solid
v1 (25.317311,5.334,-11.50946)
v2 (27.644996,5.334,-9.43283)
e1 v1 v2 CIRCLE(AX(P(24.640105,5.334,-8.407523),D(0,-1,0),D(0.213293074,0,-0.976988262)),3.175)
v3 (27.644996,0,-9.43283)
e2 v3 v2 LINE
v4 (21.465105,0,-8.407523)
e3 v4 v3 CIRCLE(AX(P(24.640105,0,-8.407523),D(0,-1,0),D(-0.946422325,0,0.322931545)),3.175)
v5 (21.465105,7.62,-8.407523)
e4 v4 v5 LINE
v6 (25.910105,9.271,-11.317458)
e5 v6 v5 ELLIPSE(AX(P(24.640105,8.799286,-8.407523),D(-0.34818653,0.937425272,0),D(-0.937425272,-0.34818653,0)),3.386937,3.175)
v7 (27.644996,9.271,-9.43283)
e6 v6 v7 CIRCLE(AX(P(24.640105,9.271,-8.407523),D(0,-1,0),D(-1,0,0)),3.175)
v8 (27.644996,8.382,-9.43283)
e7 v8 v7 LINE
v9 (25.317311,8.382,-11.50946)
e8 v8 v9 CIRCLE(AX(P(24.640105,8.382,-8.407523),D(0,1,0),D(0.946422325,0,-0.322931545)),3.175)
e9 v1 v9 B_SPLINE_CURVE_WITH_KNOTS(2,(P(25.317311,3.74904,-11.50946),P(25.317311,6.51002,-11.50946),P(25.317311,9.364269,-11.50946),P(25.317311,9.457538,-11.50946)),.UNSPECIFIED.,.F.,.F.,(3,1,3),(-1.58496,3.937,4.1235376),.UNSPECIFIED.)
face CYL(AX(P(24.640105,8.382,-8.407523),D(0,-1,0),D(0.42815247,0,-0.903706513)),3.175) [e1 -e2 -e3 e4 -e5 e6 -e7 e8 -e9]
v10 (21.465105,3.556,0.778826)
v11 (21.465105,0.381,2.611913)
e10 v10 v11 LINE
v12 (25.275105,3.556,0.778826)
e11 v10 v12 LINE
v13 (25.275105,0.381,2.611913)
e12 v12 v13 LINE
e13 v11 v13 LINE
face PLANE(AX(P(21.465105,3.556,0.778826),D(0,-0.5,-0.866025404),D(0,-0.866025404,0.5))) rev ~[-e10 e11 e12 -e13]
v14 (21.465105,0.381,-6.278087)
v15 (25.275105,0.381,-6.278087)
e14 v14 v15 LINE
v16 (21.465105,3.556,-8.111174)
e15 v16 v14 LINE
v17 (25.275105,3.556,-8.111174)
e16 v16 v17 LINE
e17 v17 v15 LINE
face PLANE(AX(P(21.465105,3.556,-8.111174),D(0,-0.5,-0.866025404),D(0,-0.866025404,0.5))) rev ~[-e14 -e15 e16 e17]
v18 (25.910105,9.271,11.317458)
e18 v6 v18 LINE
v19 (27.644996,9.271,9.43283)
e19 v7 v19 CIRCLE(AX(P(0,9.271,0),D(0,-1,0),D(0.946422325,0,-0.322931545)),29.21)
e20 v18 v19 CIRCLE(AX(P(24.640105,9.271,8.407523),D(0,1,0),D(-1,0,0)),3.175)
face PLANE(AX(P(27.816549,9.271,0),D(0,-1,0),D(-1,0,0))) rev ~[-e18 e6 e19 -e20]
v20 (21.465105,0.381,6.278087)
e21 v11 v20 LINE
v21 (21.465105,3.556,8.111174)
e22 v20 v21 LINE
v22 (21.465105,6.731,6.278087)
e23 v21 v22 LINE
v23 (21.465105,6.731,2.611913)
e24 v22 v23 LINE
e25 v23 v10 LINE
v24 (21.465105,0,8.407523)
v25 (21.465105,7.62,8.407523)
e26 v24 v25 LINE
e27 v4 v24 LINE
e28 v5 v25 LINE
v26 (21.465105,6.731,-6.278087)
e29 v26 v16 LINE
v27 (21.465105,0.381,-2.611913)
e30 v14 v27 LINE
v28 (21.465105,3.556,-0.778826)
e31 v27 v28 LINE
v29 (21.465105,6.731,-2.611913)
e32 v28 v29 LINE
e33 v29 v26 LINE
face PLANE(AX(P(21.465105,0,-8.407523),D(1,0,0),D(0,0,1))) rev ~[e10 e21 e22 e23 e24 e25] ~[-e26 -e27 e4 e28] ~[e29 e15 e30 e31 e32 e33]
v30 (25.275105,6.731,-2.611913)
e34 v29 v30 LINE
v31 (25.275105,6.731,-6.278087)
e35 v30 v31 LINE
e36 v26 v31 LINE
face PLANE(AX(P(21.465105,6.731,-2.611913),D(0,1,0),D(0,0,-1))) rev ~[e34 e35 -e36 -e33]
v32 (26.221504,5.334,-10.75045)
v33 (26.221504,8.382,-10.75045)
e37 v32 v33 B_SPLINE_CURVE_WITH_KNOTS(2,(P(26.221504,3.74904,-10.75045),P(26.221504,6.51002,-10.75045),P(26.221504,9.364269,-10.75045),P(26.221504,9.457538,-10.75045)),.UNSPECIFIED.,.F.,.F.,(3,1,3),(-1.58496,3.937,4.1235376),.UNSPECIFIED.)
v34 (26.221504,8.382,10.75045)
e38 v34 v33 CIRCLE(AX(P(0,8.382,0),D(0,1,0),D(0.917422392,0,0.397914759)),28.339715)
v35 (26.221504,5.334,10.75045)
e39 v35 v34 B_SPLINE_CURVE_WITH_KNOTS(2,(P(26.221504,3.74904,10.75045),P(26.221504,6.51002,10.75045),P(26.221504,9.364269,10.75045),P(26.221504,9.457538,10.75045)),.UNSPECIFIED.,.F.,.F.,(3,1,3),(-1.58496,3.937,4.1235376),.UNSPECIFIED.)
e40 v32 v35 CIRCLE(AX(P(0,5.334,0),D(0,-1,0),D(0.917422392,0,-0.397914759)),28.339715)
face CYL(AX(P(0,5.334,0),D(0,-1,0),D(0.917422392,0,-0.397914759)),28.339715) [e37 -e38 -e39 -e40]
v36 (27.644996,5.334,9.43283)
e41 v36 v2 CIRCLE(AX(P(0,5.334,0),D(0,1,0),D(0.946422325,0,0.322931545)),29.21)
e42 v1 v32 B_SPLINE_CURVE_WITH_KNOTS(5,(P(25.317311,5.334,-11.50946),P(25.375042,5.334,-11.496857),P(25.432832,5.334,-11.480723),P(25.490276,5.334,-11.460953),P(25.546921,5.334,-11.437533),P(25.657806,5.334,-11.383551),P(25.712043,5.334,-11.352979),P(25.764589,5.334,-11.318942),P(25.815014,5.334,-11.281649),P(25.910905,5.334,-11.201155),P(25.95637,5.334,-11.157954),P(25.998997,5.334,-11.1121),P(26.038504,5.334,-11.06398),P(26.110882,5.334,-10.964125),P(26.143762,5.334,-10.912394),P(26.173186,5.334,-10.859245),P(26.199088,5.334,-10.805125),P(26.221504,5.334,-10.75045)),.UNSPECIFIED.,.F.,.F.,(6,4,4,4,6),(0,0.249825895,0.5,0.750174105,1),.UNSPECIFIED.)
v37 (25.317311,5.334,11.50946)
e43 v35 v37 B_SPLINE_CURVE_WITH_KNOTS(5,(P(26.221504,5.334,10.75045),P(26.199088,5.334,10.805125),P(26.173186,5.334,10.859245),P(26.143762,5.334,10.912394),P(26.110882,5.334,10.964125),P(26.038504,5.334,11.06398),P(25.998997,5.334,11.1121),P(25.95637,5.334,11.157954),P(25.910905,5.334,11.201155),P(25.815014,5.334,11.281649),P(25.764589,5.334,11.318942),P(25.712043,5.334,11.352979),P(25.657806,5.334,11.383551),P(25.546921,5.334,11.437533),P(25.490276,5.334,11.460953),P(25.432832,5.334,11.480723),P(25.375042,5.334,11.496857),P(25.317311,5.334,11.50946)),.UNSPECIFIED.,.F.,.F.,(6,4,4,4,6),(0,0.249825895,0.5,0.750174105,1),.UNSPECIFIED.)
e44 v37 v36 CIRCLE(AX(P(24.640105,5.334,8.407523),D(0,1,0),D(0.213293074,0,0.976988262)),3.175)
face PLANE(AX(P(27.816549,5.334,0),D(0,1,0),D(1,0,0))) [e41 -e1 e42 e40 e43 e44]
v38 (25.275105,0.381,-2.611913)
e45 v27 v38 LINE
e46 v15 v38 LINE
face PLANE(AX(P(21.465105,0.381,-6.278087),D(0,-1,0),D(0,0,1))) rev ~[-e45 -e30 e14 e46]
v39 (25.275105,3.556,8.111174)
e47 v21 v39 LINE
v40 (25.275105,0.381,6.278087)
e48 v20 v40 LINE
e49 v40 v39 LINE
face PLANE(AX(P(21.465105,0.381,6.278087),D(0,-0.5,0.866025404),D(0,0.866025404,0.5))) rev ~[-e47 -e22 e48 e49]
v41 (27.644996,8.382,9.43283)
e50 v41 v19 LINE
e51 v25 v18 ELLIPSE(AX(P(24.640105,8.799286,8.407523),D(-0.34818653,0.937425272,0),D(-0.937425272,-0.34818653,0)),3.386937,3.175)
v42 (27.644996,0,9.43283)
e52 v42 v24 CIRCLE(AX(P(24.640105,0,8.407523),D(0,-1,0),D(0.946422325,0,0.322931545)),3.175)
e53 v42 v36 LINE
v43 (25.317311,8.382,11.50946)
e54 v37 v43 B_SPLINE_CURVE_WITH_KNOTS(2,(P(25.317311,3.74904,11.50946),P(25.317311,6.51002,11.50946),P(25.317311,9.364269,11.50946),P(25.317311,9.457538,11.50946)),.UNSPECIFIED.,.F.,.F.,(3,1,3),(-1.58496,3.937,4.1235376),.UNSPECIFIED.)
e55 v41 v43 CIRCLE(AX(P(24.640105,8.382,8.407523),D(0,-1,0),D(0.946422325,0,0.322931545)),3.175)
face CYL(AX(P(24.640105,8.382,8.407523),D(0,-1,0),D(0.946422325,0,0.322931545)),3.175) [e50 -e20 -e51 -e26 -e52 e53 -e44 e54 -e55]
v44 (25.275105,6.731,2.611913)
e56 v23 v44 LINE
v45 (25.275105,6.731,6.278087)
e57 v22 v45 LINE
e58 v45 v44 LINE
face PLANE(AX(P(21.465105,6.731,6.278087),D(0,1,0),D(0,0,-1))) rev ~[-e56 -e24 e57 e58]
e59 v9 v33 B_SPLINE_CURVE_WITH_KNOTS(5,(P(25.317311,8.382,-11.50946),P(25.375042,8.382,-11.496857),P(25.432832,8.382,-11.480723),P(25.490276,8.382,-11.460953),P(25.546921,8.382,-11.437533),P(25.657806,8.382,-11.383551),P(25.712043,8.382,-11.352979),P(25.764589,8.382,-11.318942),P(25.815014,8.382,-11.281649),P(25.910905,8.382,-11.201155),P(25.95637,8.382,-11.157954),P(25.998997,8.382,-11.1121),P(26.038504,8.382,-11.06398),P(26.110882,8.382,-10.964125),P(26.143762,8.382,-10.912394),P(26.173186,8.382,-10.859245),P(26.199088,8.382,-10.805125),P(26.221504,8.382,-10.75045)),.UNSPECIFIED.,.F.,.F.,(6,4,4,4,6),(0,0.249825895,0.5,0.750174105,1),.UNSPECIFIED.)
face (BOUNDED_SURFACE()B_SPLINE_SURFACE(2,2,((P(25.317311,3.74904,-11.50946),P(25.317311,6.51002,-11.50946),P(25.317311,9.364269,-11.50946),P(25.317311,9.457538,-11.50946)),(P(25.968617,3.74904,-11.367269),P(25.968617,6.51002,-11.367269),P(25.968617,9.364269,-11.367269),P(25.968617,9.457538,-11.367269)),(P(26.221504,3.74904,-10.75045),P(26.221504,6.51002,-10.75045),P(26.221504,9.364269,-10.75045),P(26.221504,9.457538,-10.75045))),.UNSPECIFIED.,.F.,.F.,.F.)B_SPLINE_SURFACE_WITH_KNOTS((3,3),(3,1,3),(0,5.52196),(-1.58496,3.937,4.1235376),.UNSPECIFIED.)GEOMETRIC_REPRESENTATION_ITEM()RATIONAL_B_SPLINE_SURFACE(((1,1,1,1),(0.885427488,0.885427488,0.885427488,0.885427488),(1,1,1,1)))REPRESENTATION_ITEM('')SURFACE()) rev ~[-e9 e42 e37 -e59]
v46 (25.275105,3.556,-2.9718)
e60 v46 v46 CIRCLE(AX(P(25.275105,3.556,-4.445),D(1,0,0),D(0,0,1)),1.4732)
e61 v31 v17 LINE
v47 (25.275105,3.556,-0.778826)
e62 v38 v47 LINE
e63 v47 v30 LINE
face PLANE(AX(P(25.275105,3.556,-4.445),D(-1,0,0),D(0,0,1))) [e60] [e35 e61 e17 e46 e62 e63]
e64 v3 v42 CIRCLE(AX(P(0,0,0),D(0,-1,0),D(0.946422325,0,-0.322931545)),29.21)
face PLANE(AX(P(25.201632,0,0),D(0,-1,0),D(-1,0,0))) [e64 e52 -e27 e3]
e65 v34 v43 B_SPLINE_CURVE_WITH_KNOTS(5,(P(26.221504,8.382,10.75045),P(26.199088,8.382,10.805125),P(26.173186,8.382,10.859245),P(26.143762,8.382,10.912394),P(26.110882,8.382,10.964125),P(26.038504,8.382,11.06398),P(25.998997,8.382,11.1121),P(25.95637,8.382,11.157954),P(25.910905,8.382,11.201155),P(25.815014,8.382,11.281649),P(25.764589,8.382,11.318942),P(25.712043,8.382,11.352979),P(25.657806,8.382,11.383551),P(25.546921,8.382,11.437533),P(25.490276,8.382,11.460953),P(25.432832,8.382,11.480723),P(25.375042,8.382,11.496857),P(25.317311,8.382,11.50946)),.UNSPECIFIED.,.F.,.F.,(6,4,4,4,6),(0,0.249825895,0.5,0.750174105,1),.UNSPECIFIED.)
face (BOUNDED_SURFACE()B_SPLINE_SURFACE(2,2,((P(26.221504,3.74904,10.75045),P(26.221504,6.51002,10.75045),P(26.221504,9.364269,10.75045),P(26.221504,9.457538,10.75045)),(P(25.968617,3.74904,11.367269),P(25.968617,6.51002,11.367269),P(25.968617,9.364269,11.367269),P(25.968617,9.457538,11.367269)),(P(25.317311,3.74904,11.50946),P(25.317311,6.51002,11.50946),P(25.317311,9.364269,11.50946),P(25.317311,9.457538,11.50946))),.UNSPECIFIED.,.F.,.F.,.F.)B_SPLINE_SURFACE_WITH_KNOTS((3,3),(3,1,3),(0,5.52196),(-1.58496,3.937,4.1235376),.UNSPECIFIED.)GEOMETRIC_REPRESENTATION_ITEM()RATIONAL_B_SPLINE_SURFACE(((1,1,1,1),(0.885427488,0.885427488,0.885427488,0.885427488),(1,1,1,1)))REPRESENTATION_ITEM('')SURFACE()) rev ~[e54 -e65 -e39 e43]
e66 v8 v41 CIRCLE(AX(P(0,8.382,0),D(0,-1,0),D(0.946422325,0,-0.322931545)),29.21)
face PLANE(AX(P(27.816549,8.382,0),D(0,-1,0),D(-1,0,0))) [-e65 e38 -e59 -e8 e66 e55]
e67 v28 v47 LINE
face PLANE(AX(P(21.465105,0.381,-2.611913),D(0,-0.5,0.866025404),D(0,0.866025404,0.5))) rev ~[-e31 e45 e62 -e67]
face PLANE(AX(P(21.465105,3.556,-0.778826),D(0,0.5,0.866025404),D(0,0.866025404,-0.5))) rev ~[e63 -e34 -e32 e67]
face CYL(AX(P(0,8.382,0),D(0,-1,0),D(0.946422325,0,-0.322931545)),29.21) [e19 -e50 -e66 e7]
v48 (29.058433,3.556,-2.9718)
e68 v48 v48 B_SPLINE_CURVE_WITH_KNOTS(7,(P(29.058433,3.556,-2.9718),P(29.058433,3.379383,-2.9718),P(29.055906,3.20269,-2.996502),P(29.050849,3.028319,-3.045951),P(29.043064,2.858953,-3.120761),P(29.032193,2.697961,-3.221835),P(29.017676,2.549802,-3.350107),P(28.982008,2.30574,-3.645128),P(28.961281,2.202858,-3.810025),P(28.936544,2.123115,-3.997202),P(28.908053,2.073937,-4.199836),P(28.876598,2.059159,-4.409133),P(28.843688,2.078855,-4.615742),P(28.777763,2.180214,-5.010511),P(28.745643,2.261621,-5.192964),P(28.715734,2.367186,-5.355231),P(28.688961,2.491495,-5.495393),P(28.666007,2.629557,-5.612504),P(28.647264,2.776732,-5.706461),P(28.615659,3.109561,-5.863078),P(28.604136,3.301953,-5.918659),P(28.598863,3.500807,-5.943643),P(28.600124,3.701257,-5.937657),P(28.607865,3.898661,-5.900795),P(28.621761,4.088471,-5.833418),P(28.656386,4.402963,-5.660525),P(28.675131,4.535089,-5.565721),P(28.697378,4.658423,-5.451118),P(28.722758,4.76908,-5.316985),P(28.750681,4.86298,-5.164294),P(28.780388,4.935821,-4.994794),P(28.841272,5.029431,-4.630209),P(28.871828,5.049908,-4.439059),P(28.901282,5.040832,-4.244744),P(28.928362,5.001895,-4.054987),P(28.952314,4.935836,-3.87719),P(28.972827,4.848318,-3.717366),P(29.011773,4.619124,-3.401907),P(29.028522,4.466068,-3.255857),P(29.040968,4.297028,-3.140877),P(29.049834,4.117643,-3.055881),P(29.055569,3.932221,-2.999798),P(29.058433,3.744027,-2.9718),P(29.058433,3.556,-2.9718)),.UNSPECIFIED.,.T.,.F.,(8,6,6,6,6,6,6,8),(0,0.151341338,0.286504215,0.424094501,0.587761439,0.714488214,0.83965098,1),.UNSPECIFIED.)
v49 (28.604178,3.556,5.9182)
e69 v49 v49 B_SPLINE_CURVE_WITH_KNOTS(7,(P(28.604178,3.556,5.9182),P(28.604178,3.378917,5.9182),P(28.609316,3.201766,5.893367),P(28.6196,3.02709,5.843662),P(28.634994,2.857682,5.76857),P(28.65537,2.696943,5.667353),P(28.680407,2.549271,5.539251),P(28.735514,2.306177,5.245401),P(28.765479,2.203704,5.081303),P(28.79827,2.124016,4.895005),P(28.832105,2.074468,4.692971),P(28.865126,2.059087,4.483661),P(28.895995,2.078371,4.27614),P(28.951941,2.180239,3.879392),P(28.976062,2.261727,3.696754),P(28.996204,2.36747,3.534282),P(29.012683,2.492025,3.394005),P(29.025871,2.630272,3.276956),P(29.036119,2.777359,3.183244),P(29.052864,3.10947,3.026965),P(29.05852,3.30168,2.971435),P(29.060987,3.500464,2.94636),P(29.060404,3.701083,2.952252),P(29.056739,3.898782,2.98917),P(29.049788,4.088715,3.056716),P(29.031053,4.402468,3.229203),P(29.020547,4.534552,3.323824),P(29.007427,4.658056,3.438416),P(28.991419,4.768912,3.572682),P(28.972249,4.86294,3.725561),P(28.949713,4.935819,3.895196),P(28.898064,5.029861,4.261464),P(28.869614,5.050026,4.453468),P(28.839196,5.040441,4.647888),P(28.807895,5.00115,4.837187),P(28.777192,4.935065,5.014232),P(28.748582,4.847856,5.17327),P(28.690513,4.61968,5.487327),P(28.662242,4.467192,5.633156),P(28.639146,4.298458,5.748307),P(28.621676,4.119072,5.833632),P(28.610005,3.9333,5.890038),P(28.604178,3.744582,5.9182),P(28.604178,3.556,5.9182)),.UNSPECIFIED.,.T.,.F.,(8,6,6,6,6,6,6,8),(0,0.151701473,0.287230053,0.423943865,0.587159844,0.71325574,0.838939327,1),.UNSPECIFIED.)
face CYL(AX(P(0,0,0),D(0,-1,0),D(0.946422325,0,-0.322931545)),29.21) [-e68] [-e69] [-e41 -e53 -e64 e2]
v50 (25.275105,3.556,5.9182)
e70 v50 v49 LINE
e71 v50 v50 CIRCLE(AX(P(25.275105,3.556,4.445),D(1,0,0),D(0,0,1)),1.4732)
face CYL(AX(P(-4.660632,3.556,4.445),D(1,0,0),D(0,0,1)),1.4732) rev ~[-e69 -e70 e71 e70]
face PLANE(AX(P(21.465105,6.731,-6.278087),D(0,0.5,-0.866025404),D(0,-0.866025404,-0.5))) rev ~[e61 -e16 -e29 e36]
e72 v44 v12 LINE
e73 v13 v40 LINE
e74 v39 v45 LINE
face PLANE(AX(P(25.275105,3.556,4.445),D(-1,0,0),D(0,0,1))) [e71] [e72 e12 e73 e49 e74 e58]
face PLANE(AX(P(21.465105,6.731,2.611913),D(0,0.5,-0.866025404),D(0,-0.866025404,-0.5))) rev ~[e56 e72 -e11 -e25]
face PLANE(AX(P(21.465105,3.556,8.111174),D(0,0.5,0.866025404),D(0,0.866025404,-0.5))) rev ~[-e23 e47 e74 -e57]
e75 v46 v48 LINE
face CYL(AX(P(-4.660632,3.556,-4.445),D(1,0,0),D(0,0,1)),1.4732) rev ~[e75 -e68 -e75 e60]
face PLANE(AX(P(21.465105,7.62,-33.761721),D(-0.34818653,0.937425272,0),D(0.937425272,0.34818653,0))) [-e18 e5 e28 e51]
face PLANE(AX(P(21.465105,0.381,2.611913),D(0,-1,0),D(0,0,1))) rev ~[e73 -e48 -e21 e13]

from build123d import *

# Parameters (mm, degrees)
BOSS_EXTRUDE1_DEPTH     = 9.270999999999999
CUT_EXTRUDE1_START      = -3.9369999999999994
CUT_EXTRUDE1_DEPTH      = 3.9369999999999994
BOSS_EXTRUDE3_START     = -0.889
BOSS_EXTRUDE3_DEPTH     = 0.889
F_4_CLEARANCE_HOLE1_D   = 2.9464
FILLET1_R               = 1.27
CUT_EXTRUDE2_DEPTH      = 3.8099999999999996
CUT_EXTRUDE3_DEPTH      = 33.761721331769635
CUT_EXTRUDE3_DEPTH_BACK = 33.761721331769635


with BuildPart() as part:
    # Sketch1 → Boss-Extrude1 (new body)
    with BuildSketch(Plane(origin=(0, 0, 0), x_dir=(1, 0, 0), z_dir=(0, 1, 0))):
        with BuildLine():
            ThreePointArc((27.64499611640363, 9.432830419552142), (29.21000000000004, -8.87e-15), (27.64499611640362, -9.432830419552147))
            ThreePointArc((27.64499611640362, -9.432830419552147), (23.61479757988669, -11.412413647470785), (21.635214351968056, -7.382215110953854))
            ThreePointArc((21.635214351968056, -7.382215110953854), (22.86000000000002, -4.21e-15), (21.63521435196806, 7.382215110953852))
            ThreePointArc((21.63521435196806, 7.382215110953852), (23.614797579886698, 11.412413647470782), (27.64499611640363, 9.432830419552142))
        make_face()
        with BuildLine():
            Line((21.46510523418584, 8.407522765252999), (21.46510523418584, -8.407522765253002))
            ThreePointArc((21.46510523418584, -8.407522765253002), (21.50792120774028, -7.887861121027391), (21.635214351968056, -7.382215110953854))
            ThreePointArc((21.635214351968056, -7.382215110953854), (22.860000000000017, -3.77e-15), (21.63521435196806, 7.382215110953851))
            ThreePointArc((21.63521435196806, 7.382215110953852), (21.50792120774028, 7.887861121027388), (21.46510523418585, 8.407522765252999))
        make_face()
    extrude(amount=BOSS_EXTRUDE1_DEPTH)

    # Sketch2 → Cut-Extrude1 (cut)
    with BuildSketch(Plane(origin=(0, 9.270999999999999, 0), x_dir=(1, 0, 0), z_dir=(0, 1, 0)).offset(CUT_EXTRUDE1_START)):
        with BuildLine():
            ThreePointArc((25.999489326181067, 11.27679094554398), (28.33971522883937, -1.014e-14), (25.999489326181067, -11.276790945543972))
            ThreePointArc((25.999489326181067, -11.276790945543972), (27.009023049980158, -10.521489033197938), (27.64499611640362, -9.432830419552147))
            ThreePointArc((27.64499611640362, -9.432830419552147), (29.210000000003742, -2.68e-15), (27.64499611640363, 9.432830419552143))
            ThreePointArc((27.64499611640363, 9.432830419552143), (27.00902304998017, 10.521489033197945), (25.999489326181067, 11.27679094554398))
        make_face()
    extrude(amount=CUT_EXTRUDE1_DEPTH, mode=Mode.SUBTRACT)

    # Sketch6 → Boss-Extrude3 (add)
    with BuildSketch(Plane(origin=(0, 9.270999999999999, 0), x_dir=(1, 0, 0), z_dir=(0, 1, 0)).offset(BOSS_EXTRUDE3_START)):
        with BuildLine():
            ThreePointArc((25.999489326181127, -11.276790945543995), (28.33971522883936, 3.79e-15), (25.999489326181067, 11.27679094554398))
            ThreePointArc((25.999489326181067, 11.27679094554398), (27.009023049980538, 10.521489033198275), (27.64499611640363, 9.432830419552143))
            ThreePointArc((27.64499611640363, 9.432830419552143), (29.210000000000107, 1.749e-14), (27.64499611640362, -9.432830419552147))
            ThreePointArc((27.64499611640362, -9.432830419552147), (27.009023049980552, -10.521489033198266), (25.999489326181127, -11.276790945543995))
        make_face()
    extrude(amount=BOSS_EXTRUDE3_DEPTH)

    # #4 Clearance Hole1 (through all)
    with Locations(Plane(origin=(21.465105234, 3.556, -4.445), x_dir=(0, 0, -1), z_dir=(-1, 0, 0))):
        with Locations((0, 0), (-8.89, 0)):
            Hole(F_4_CLEARANCE_HOLE1_D / 2)

    # Fillet1
    fillet1_edges = [part.edges().sort_by_distance(p)[0] for p in [
        (25.999489326181063, 6.858, -11.27679094554398),
        (25.999489326181063, 6.858, 11.27679094554397),
    ]]
    fillet(fillet1_edges, radius=FILLET1_R)

    # Sketch7 → Cut-Extrude2 (cut)
    with BuildSketch(Plane.ZY.offset(-21.46510523418584)):
        Polygon((-2.6119128953229507, 6.730999999999997), (-6.2780871046770725, 6.730999999999997), (-8.111174209354134, 3.555999999999999), (-6.278087104677075, 0.3810000000000021), (-2.611912895322953, 0.38100000000000167), (-0.778825790645891, 3.5559999999999996), align=None)
        Polygon((6.278087104677047, 6.730999999999998), (2.611912895322926, 6.730999999999998), (0.7788257906458637, 3.5559999999999996), (2.6119128953229236, 0.3810000000000003), (6.278087104677046, 0.3809999999999996), (8.111174209354107, 3.5559999999999974), align=None)
    extrude(amount=-CUT_EXTRUDE2_DEPTH, mode=Mode.SUBTRACT)

    # Sketch10 → Cut-Extrude3 (cut, two sides: drawn at the far end of the back side and taken through both)
    with BuildSketch(Plane.XY.offset(-CUT_EXTRUDE3_DEPTH_BACK)):
        Polygon((21.46510523418584, 9.270999999999999), (21.46510523418584, 7.62), (25.91010523418584, 9.270999999999999), align=None)
    extrude(amount=CUT_EXTRUDE3_DEPTH + CUT_EXTRUDE3_DEPTH_BACK, mode=Mode.SUBTRACT)


solid = part.part
